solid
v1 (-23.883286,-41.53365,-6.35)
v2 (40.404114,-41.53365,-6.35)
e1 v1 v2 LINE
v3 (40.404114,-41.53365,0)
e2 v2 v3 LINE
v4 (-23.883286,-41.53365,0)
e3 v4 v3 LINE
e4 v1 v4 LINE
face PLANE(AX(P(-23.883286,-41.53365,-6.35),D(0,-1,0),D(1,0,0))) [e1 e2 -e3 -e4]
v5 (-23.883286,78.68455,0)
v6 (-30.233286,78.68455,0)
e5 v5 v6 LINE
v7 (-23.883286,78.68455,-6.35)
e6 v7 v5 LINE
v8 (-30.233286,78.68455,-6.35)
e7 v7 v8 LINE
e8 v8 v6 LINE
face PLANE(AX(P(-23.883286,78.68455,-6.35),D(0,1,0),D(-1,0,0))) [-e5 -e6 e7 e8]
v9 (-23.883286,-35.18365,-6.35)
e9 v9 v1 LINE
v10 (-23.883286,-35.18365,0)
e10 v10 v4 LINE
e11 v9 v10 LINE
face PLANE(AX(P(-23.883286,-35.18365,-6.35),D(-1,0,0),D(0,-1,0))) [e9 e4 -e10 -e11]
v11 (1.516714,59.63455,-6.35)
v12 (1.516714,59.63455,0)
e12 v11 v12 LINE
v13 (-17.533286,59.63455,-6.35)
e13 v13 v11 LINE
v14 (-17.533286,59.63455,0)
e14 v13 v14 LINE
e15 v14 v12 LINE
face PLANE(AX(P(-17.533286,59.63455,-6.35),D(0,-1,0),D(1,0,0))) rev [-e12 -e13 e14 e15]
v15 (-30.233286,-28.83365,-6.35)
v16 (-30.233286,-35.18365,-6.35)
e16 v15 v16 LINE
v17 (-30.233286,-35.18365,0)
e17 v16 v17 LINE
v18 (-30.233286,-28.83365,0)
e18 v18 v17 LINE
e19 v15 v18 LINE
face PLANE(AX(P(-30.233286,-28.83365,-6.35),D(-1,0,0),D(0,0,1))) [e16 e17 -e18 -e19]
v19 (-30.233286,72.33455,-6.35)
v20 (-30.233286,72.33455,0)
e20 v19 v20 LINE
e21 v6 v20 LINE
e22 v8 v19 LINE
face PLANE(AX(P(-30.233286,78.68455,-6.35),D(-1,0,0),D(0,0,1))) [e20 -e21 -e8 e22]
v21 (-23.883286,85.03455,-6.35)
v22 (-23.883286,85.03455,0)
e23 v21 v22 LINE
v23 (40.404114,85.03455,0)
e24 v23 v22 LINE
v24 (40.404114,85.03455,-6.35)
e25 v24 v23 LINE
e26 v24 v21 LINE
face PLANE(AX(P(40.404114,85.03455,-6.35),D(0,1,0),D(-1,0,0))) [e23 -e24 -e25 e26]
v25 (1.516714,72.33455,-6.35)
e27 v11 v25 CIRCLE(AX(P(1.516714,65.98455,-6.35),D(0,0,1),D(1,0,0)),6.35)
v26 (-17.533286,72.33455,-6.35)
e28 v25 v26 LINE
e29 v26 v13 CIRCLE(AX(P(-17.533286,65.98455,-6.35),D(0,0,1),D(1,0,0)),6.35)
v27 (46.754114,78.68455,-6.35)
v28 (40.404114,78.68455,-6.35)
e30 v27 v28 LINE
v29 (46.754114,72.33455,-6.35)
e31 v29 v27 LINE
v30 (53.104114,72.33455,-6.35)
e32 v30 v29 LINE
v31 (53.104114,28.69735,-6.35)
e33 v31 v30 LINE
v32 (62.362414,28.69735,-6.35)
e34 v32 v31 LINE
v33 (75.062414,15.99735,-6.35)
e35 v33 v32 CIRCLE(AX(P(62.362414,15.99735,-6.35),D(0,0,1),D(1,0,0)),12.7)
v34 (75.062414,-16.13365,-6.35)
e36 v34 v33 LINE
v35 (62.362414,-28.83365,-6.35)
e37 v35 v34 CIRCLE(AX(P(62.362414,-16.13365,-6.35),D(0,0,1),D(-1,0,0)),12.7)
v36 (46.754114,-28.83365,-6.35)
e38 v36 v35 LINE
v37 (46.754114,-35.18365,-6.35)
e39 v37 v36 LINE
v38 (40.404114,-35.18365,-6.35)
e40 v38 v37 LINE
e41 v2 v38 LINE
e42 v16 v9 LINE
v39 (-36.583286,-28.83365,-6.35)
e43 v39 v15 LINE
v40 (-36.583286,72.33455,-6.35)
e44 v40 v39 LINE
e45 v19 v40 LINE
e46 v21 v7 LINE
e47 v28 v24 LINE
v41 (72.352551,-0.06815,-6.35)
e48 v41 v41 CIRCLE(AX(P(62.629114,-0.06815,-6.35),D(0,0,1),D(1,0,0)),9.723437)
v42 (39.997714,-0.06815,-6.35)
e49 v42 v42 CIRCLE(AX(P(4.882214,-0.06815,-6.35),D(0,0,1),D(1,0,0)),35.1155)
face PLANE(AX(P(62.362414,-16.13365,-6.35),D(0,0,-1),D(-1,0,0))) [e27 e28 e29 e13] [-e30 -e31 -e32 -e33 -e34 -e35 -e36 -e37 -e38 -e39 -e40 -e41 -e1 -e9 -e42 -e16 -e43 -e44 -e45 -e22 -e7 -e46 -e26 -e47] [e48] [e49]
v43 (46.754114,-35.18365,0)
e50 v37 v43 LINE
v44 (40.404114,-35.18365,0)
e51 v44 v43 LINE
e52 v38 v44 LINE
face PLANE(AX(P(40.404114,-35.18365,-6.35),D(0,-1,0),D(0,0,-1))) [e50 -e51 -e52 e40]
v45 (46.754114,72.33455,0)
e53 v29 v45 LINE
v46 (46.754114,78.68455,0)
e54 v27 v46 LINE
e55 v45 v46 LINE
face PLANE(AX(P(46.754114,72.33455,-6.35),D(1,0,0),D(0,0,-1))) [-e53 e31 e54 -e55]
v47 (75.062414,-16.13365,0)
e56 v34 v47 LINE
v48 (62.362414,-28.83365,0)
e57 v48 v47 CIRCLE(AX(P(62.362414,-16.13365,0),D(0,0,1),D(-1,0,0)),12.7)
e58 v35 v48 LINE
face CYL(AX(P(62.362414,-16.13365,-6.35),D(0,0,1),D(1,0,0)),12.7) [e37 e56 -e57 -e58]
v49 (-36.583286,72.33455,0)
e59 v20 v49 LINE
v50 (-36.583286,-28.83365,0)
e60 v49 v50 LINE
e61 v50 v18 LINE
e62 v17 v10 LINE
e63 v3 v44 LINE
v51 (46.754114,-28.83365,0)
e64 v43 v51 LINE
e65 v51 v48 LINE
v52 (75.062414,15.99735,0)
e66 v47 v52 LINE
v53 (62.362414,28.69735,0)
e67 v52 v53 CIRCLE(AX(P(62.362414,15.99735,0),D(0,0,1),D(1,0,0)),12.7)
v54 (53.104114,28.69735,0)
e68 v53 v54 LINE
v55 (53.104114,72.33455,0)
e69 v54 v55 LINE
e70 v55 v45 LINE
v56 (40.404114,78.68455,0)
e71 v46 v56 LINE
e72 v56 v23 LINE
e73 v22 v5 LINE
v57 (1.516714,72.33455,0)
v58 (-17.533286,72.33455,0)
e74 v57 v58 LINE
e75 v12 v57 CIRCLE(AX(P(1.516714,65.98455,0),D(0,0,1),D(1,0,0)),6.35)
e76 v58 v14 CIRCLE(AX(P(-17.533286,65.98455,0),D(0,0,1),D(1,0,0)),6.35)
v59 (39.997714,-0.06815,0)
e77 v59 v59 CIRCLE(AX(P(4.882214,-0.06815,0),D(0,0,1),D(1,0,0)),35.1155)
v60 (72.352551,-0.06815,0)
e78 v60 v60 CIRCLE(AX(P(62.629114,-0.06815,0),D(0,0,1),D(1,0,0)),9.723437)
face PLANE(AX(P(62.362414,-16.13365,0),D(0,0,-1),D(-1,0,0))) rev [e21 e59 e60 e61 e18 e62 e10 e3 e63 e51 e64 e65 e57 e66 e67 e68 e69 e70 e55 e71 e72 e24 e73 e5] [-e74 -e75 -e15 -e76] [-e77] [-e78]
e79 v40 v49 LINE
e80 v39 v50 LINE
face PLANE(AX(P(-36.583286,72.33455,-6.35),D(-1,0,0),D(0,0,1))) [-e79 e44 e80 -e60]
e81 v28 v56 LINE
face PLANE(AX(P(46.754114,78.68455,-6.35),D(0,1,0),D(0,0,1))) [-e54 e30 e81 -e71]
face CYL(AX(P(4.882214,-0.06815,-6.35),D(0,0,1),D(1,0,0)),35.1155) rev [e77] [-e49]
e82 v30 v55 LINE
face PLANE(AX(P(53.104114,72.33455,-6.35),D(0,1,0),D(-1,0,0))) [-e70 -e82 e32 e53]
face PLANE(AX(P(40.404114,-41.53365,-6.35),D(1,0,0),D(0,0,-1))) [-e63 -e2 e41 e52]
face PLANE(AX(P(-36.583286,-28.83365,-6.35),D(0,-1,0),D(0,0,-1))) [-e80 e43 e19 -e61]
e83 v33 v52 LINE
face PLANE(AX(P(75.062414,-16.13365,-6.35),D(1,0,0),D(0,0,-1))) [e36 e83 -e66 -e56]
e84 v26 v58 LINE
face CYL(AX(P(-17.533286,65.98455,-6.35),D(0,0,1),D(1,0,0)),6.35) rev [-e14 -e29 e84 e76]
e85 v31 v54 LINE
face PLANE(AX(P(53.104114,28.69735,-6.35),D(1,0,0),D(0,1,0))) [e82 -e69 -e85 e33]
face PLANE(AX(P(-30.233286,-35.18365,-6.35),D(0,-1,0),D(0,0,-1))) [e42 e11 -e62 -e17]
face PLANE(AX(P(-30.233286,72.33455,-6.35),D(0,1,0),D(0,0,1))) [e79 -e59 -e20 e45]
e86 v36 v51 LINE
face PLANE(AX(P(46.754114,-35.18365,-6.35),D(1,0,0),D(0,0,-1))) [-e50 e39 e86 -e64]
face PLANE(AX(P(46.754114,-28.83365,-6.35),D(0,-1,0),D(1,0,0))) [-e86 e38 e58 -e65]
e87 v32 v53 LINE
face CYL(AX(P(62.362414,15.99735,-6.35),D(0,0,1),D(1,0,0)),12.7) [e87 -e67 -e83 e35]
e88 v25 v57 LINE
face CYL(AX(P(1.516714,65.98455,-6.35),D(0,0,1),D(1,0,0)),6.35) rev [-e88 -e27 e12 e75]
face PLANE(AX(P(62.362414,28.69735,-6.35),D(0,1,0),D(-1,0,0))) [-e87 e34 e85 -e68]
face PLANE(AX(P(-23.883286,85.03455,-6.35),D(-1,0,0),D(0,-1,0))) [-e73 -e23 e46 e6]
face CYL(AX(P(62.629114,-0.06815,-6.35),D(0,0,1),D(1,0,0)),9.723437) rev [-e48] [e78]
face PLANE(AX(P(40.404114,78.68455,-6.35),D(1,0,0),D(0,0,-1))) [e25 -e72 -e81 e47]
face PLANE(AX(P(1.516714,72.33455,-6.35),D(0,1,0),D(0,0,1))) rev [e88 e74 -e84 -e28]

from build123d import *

# Parameters (mm, degrees)
SKETCH1_R           = 35.1155
SKETCH1_R_2         = 9.7234375
BOSS_EXTRUDE1_DEPTH = 6.35
CUT_EXTRUDE1_DEPTH  = 114.602654559


with BuildPart() as part:
    # Sketch1 → Boss-Extrude1 (new body)
    with BuildSketch(Plane.XY):
        with BuildLine():
            Line((75.062413888, -16.133650292), (75.062413888, 15.997349708))
            ThreePointArc((75.062413888, 15.997349708), (71.342670009, 24.977605829), (62.362413888, 28.697349708))
            Line((62.362413888, 28.697349708), (53.104113888, 28.697349708))
            Line((53.104113888, 28.697349708), (53.104113888, 72.334549708))
            Line((53.104113888, 72.334549708), (46.754113888, 72.334549708))
            Line((46.754113888, 72.334549708), (46.754113888, 78.684549708))
            Line((46.754113888, 78.684549708), (40.404113888, 78.684549708))
            Line((40.404113888, 78.684549708), (40.404113888, 85.034549708))
            Line((40.404113888, 85.034549708), (-23.883286112, 85.034549708))
            Line((-23.883286112, 85.034549708), (-23.883286112, 78.684549708))
            Line((-23.883286112, 78.684549708), (-30.233286112, 78.684549708))
            Line((-30.233286112, 78.684549708), (-30.233286112, 72.334549708))
            Line((-30.233286112, 72.334549708), (-36.583286112, 72.334549708))
            Line((-36.583286112, 72.334549708), (-36.583286112, -28.833650292))
            Line((-36.583286112, -28.833650292), (-30.233286112, -28.833650292))
            Line((-30.233286112, -28.833650292), (-30.233286112, -35.183650292))
            Line((-30.233286112, -35.183650292), (-23.883286112, -35.183650292))
            Line((-23.883286112, -35.183650292), (-23.883286112, -41.533650292))
            Line((-23.883286112, -41.533650292), (40.404113888, -41.533650292))
            Line((40.404113888, -41.533650292), (40.404113888, -35.183650292))
            Line((40.404113888, -35.183650292), (46.754113888, -35.183650292))
            Line((46.754113888, -35.183650292), (46.754113888, -28.833650292))
            Line((46.754113888, -28.833650292), (62.362413888, -28.833650292))
            ThreePointArc((62.362413888, -28.833650292), (71.342670009, -25.113906413), (75.062413888, -16.133650292))
        make_face()
        with Locations((4.882213888, -0.068150292)):
            Circle(SKETCH1_R, mode=Mode.SUBTRACT)
        with Locations((62.629113888, -0.068150292)):
            Circle(SKETCH1_R_2, mode=Mode.SUBTRACT)
    extrude(amount=-BOSS_EXTRUDE1_DEPTH)

    # Sketch2 → Cut-Extrude1 (cut, through all)
    with BuildSketch(Plane.XY):
        with BuildLine():
            Line((-17.533286112, 59.634549708), (1.516713888, 59.634549708))
            ThreePointArc((1.516713888, 59.634549708), (7.866713888, 65.984549708), (1.516713888, 72.334549708))
            Line((1.516713888, 72.334549708), (-17.533286112, 72.334549708))
            ThreePointArc((-17.533286112, 72.334549708), (-23.883286112, 65.984549708), (-17.533286112, 59.634549708))
        make_face()
    extrude(amount=-CUT_EXTRUDE1_DEPTH, mode=Mode.SUBTRACT)


solid = part.part
